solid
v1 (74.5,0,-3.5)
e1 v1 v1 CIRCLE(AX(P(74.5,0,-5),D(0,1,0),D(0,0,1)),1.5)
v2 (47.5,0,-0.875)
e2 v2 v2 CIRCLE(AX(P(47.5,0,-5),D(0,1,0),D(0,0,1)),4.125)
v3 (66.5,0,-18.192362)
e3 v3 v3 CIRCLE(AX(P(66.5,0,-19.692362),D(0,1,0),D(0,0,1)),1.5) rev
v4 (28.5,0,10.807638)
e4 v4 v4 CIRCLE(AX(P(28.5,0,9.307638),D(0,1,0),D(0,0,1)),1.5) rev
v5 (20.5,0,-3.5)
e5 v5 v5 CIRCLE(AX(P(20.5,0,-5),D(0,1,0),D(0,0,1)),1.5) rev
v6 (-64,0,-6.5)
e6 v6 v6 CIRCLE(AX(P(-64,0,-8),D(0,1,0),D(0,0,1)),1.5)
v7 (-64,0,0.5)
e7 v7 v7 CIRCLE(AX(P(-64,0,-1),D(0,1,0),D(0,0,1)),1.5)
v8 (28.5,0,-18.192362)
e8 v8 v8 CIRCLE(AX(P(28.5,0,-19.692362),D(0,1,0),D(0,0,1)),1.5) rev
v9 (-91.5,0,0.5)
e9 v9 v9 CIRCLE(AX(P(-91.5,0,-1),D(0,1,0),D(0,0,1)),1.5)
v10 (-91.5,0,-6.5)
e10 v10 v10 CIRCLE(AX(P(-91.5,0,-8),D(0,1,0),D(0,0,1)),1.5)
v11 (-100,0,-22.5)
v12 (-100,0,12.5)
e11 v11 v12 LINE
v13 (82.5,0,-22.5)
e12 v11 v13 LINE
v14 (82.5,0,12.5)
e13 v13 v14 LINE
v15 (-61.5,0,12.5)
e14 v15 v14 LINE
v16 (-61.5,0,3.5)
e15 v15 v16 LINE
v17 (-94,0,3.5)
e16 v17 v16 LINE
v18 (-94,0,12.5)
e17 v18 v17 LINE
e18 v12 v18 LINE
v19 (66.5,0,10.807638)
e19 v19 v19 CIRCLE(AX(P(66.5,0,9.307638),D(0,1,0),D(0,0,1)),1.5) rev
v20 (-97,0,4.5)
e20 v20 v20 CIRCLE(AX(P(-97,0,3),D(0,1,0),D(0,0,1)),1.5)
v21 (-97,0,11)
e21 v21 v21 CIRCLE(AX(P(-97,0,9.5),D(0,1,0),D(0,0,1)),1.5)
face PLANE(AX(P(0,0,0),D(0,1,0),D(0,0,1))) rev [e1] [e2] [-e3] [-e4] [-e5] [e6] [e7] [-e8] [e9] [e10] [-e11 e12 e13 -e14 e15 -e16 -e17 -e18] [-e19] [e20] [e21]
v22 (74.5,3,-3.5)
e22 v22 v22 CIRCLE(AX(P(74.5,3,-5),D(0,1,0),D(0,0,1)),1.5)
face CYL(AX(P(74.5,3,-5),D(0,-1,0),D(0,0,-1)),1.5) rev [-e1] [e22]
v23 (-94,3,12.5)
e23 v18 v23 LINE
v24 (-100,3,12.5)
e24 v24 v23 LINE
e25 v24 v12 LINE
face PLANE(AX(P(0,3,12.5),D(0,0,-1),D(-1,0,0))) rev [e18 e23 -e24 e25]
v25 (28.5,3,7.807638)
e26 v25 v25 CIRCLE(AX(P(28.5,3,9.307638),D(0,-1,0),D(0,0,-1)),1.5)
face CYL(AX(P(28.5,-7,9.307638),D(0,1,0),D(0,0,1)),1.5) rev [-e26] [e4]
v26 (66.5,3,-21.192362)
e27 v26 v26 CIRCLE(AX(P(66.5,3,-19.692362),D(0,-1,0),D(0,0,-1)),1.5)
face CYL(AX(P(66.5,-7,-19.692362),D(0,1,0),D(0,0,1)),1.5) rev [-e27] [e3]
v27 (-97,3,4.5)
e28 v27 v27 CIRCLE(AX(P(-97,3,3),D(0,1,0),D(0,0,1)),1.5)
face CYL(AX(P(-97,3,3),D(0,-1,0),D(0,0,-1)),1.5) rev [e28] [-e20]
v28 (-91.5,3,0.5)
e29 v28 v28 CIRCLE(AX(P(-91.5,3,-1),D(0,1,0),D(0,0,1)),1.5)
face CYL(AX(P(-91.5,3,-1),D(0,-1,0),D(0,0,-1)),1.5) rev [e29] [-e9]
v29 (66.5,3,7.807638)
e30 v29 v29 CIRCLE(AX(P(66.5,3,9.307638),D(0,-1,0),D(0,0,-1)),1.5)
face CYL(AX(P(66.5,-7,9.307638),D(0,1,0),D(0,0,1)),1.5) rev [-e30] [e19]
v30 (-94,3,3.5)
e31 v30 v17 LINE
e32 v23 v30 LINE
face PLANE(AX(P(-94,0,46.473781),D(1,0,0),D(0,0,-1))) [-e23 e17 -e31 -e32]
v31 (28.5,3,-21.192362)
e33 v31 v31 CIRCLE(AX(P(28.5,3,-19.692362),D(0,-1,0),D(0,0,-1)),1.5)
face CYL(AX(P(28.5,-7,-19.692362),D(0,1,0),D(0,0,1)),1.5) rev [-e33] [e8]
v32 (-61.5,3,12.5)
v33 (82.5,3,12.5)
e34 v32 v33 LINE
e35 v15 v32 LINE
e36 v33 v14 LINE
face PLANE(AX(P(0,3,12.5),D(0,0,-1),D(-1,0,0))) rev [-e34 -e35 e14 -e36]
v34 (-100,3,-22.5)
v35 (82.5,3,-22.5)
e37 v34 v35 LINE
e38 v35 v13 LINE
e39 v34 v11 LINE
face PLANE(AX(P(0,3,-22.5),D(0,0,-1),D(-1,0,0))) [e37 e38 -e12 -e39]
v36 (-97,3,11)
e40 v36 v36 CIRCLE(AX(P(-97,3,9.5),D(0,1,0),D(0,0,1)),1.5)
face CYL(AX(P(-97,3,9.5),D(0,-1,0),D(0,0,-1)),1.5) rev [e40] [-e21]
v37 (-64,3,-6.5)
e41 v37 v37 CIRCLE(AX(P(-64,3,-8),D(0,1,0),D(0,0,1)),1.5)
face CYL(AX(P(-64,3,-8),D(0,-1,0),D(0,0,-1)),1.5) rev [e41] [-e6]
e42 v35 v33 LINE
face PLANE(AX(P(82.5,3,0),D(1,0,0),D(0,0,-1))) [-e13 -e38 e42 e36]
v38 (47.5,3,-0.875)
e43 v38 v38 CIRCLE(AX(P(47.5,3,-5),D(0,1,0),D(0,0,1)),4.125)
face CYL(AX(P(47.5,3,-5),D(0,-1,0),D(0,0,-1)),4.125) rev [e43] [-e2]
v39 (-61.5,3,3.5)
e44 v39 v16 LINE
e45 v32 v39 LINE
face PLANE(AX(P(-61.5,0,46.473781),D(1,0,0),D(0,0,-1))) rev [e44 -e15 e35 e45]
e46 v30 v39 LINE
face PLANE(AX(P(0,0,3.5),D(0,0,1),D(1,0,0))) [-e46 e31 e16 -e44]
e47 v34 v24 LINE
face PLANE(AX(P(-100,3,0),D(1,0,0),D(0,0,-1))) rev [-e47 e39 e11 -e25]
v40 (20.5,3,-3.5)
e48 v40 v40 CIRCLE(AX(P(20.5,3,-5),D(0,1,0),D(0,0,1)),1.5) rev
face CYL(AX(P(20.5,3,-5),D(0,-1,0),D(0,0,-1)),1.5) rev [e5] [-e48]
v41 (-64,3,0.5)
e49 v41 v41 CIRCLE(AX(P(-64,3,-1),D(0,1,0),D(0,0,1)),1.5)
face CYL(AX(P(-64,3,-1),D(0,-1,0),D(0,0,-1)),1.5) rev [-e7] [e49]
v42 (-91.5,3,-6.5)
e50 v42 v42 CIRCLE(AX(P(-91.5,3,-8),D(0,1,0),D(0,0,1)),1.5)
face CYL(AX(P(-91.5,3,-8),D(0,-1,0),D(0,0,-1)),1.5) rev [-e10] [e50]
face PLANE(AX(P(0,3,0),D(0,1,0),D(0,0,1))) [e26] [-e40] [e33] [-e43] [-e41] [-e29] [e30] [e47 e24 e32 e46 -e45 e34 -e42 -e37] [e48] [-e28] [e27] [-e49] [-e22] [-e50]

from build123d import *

# Parameters (mm, degrees)
SKETCH1_W           = 182.5
SKETCH1_H           = 35
SKETCH1_R           = 4.125
SKETCH1_R_2         = 1.5
BOSS_EXTRUDE1_DEPTH = 3
CUT_EXTRUDE3_START  = 3.5
SKETCH2_W           = 3
SKETCH2_H           = 9.897866997
SKETCH2_W_2         = 27.5
SKETCH2_W_3         = 2
CUT_EXTRUDE3_DEPTH  = 9
SKETCH3_R           = 1.5
CUT_EXTRUDE7_DEPTH  = 10


with BuildPart() as part:
    # Sketch1 → Boss-Extrude1 (new body)
    with BuildSketch(Plane(origin=(0, 0, 0), x_dir=(1, 0, 0), z_dir=(0, 1, 0))):
        with Locations((-8.75, 5)):
            Rectangle(SKETCH1_W, SKETCH1_H)
        with Locations((47.5, 5)):
            Circle(SKETCH1_R, mode=Mode.SUBTRACT)
        with Locations((74.5, 5)):
            Circle(SKETCH1_R_2, mode=Mode.SUBTRACT)
        with Locations((20.5, 5)):
            Circle(SKETCH1_R_2, mode=Mode.SUBTRACT)
        with Locations((-97, -9.5)):
            Circle(SKETCH1_R_2, mode=Mode.SUBTRACT)
        with Locations((-97, -3)):
            Circle(SKETCH1_R_2, mode=Mode.SUBTRACT)
        with Locations((-91.5, 8)):
            Circle(SKETCH1_R_2, mode=Mode.SUBTRACT)
        with Locations((-64, 8)):
            Circle(SKETCH1_R_2, mode=Mode.SUBTRACT)
        with Locations((-64, 1)):
            Circle(SKETCH1_R_2, mode=Mode.SUBTRACT)
        with Locations((-91.5, 1)):
            Circle(SKETCH1_R_2, mode=Mode.SUBTRACT)
    extrude(amount=BOSS_EXTRUDE1_DEPTH)

    # Sketch2 → Cut-Extrude3 (cut)
    with BuildSketch(Plane.XY.offset(CUT_EXTRUDE3_START)):
        with Locations((-90.5, 1.550857661)):
            Rectangle(SKETCH2_W, SKETCH2_H)
        with Locations((-75.25, 1.550857661)):
            Rectangle(SKETCH2_W_2, SKETCH2_H)
        with Locations((-93, 1.550857661)):
            Rectangle(SKETCH2_W_3, SKETCH2_H)
    extrude(amount=CUT_EXTRUDE3_DEPTH, mode=Mode.SUBTRACT)

    # Sketch3 → Cut-Extrude7 (cut)
    with BuildSketch(Plane(origin=(0, 3, 0), x_dir=(-1, 0, 0), z_dir=(0, -1, 0))):
        with Locations((-66.5, -9.307637977)):
            Circle(SKETCH3_R)
        with Locations((-66.5, 19.692362023)):
            Circle(SKETCH3_R)
        with Locations((-28.5, 19.692362023)):
            Circle(SKETCH3_R)
        with Locations((-28.5, -9.307637977)):
            Circle(SKETCH3_R)
    extrude(amount=CUT_EXTRUDE7_DEPTH, mode=Mode.SUBTRACT)


solid = part.part
